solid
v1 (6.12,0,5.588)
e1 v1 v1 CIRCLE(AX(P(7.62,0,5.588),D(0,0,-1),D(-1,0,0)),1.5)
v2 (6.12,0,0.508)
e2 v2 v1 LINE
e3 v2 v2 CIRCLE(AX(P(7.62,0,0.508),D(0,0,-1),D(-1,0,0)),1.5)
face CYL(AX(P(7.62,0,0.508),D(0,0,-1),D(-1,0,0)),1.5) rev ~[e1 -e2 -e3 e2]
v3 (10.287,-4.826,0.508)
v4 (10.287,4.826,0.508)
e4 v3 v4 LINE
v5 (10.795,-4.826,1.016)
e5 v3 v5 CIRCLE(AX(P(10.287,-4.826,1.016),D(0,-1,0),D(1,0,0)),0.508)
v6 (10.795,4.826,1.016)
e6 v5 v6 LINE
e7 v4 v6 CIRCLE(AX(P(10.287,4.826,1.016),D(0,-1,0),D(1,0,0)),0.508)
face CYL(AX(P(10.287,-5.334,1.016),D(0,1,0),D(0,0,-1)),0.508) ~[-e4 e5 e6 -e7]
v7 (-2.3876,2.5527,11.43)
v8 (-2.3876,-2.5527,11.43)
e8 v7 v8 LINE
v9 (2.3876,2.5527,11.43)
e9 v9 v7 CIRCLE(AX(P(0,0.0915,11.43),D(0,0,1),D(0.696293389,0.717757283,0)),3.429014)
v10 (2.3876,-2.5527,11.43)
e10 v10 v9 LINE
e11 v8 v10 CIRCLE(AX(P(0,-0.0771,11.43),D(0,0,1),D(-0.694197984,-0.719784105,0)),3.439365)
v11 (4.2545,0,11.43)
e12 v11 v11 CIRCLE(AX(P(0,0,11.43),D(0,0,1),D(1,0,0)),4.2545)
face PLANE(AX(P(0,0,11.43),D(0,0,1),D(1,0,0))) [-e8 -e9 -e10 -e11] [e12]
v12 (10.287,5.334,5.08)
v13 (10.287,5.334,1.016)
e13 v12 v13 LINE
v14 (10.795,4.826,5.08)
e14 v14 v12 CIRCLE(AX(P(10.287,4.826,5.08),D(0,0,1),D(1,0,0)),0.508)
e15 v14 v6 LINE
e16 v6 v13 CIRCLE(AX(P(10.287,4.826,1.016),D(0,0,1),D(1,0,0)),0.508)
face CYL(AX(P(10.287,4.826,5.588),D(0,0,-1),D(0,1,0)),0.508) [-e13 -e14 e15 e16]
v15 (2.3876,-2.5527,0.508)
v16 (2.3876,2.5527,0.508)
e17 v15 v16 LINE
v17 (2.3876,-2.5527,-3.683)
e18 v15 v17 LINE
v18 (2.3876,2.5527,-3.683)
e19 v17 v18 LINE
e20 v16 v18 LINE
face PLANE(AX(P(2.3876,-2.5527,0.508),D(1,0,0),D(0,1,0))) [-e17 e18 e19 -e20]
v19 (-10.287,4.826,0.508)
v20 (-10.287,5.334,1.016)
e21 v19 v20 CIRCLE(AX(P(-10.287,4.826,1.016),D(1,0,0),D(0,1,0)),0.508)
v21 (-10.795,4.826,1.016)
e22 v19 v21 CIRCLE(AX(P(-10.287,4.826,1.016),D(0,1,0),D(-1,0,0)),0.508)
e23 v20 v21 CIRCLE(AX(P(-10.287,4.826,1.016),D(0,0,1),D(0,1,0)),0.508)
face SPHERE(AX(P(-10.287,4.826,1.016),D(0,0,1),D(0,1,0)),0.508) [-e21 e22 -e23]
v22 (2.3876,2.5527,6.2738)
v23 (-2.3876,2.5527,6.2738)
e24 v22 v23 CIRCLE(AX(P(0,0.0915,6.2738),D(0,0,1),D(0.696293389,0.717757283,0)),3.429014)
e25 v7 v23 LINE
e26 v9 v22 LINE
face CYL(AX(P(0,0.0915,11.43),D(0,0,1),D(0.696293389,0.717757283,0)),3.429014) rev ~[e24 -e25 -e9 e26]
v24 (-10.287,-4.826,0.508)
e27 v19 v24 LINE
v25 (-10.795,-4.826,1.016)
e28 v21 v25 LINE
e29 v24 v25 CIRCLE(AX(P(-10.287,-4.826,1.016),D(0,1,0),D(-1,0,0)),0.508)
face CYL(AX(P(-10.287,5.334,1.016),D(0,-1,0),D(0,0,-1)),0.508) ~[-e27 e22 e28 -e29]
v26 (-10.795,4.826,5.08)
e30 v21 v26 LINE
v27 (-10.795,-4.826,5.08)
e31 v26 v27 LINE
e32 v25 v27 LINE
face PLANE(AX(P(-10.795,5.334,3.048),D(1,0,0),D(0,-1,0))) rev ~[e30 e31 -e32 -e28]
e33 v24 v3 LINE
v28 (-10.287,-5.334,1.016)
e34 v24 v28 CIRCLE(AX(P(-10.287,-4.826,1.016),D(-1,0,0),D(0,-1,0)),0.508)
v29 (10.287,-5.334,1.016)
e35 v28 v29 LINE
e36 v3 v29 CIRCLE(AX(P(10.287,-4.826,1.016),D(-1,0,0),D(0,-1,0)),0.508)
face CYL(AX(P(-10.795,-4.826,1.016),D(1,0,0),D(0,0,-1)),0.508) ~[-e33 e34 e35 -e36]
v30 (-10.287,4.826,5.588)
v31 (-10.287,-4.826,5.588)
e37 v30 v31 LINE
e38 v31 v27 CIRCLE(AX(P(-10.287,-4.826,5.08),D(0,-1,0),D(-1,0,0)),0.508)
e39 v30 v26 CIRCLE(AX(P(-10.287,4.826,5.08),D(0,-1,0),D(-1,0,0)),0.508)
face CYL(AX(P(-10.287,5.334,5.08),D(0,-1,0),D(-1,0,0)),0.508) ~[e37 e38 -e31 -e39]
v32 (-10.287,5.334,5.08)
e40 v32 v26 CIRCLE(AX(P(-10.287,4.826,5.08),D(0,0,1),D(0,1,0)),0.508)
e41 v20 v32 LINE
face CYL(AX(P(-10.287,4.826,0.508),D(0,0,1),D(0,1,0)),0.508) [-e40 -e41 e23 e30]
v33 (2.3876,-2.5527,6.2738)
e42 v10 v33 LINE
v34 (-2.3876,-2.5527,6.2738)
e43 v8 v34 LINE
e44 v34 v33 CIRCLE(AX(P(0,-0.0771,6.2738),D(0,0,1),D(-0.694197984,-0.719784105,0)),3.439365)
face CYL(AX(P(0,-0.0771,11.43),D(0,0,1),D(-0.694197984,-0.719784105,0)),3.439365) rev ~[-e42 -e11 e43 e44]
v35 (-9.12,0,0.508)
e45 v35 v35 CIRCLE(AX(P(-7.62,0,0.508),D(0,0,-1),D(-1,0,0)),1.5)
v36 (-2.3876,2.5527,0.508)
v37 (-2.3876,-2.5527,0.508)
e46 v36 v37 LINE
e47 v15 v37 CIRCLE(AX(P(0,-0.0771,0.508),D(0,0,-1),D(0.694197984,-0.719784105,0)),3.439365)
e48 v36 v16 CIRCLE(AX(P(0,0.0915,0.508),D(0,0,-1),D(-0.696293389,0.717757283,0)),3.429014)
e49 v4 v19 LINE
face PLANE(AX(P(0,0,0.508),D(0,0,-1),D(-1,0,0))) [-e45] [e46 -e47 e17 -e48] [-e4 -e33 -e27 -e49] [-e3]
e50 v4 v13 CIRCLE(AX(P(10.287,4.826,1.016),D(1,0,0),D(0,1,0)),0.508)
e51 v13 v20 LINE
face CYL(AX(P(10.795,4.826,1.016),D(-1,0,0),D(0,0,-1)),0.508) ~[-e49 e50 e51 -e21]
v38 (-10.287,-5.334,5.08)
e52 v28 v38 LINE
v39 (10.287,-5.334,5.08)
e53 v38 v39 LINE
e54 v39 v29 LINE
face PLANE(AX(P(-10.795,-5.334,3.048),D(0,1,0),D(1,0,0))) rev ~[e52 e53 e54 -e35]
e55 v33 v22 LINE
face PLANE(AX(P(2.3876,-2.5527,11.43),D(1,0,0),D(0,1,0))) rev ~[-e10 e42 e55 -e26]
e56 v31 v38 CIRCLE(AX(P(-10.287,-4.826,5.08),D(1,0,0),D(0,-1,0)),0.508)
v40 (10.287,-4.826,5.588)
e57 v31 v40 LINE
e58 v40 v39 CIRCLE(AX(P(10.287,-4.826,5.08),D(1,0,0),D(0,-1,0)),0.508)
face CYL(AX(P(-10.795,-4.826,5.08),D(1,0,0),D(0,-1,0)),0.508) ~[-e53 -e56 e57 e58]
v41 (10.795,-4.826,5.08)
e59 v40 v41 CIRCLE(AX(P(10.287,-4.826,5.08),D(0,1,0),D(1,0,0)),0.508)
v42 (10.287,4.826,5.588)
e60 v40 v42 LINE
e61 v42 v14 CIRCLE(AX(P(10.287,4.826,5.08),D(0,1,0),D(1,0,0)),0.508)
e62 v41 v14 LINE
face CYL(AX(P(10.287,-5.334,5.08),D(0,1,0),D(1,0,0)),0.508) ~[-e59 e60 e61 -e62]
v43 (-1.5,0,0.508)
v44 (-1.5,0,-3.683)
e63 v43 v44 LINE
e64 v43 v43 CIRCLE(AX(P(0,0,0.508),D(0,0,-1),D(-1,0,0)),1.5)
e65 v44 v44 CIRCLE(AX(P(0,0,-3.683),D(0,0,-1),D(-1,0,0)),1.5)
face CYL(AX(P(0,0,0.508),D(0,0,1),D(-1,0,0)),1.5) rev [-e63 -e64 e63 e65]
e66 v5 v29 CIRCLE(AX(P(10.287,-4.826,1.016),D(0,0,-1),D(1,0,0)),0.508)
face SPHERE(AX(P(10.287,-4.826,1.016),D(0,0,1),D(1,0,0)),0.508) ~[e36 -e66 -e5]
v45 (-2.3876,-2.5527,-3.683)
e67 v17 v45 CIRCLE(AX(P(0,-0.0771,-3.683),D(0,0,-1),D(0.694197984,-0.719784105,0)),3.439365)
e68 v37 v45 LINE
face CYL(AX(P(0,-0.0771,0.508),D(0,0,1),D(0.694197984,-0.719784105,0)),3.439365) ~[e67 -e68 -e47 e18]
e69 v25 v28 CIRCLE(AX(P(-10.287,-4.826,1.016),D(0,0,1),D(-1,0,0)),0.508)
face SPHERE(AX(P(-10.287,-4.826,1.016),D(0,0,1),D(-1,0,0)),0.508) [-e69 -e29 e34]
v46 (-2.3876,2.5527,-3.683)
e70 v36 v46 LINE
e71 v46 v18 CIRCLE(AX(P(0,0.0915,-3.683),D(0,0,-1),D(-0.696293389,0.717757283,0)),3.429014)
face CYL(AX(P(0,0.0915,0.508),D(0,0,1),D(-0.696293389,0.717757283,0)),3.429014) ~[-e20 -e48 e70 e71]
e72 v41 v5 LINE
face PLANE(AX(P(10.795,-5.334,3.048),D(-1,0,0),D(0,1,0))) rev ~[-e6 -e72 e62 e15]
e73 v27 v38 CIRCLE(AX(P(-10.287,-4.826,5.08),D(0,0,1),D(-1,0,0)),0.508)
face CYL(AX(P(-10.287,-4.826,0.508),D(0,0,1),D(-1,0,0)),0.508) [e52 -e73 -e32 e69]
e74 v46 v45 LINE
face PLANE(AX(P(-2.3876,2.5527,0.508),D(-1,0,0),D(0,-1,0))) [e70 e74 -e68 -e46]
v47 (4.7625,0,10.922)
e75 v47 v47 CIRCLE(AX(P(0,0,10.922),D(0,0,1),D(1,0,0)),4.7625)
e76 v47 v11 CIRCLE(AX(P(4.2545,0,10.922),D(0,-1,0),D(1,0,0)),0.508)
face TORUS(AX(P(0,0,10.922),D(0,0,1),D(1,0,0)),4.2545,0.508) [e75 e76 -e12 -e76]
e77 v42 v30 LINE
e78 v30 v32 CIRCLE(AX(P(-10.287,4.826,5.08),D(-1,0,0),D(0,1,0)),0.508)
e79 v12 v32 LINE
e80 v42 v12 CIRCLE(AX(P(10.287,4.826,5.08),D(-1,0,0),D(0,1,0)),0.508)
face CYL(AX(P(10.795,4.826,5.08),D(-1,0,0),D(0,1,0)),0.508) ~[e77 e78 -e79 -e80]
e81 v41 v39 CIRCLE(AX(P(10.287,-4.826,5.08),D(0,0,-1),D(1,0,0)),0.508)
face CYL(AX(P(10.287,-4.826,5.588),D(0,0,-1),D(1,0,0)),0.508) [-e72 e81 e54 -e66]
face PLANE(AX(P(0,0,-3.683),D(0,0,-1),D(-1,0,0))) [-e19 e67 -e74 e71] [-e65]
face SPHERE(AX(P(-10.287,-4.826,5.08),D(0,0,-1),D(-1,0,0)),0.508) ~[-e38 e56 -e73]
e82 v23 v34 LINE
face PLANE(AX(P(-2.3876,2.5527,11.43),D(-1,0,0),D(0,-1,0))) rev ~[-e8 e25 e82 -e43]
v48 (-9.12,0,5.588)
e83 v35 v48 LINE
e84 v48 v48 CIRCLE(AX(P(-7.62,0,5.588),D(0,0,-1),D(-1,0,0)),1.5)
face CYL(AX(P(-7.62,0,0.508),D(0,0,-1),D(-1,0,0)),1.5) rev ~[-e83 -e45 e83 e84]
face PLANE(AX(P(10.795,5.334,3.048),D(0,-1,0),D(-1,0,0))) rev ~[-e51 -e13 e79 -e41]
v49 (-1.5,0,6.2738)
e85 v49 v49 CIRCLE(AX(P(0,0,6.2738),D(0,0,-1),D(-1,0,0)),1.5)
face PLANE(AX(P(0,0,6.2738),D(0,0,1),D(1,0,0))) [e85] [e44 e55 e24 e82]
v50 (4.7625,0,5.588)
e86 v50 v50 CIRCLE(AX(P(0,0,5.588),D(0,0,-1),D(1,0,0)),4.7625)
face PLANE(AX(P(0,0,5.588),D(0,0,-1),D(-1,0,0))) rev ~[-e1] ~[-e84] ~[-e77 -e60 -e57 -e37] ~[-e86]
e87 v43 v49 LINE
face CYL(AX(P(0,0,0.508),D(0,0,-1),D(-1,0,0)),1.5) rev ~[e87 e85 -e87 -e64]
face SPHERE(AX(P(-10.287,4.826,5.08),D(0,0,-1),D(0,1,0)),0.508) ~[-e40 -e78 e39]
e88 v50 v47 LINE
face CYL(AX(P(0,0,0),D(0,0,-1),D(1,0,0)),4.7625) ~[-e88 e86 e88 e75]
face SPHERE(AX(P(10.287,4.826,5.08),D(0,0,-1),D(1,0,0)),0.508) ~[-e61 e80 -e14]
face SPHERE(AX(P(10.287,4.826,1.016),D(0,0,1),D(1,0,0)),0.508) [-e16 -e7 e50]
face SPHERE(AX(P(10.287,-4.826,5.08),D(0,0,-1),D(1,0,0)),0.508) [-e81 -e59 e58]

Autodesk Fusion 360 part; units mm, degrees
sketch "Sketch1" plane through (0, 0, 0) normal (0, 0, 1) x (1, 0, 0)
  circle A0 centre (0, 0) radius 4.7625
  dimension "d1" = 9.525
extrude "Extrude1" add sketch "Sketch1" along normal blind 11.43 makes body 1
sketch "Sketch2" plane through (0, 0, 11.43) normal (0, 0, 1) x (1, 0, 0)
  circle A0 centre (0, 0) radius 4.7625
  line L0 (-2.3876, 2.5527) -> (-2.3876, -2.5527)
  line L1 (2.3876, -2.5527) -> (2.3876, 2.5527)
  line L2 (2.3876, 2.5527) -> (-2.3876, -2.5527) construction
  line L3 (-2.3876, 2.5527) -> (2.3876, -2.5527) construction
  arc A1 (2.3876, 2.5527) -> (-2.3876, 2.5527) centre (0, 0.0915) ccw
  arc A2 (-2.3876, -2.5527) -> (2.3876, -2.5527) centre (0, -0.0771) ccw
  dimension "d4" = 5.1054
  dimension "d5" = 4.7752
  dimension "d6" = 3.429
  dimension "d7" = 3.4394
extrude "Extrude2" cut sketch "Sketch2" against normal blind 5.1562 contours L0 L1 A1 A2 bodies 1
extrude "Extrude3" cut 1 faces at (0.58, -0.1002, 0) along direction (0, 0, 1) blind 3.048 on bodies 1 bodies 1
sketch "Sketch3" plane through (0, 0, 3.048) normal (0, 0, -1) x (-1, 0, 0)
  circle A0 centre (0, 0) radius 4.7625
  line L0 (-10.795, 5.334) -> (10.795, 5.334)
  line L1 (10.795, 5.334) -> (10.795, -5.334)
  line L2 (10.795, -5.334) -> (-10.795, -5.334)
  line L3 (-10.795, -5.334) -> (-10.795, 5.334)
  line L4 (-10.795, 5.334) -> (10.795, -5.334) construction
  line L5 (10.795, 5.334) -> (-10.795, -5.334) construction
  dimension "d12" = 21.59
  dimension "d13" = 10.668
extrude "Extrude5" add sketch "Sketch3" against normal blind 2.54 bodies 1
extrude "Extrude4" add sketch "Sketch3" along normal blind 2.54 contours A0 | L0 L1 L2 L3 bodies 1
sketch "Sketch4" plane through (0, 0, 0.508) normal (0, 0, -1) x (-1, 0, 0)
  line L0 (-10.795, -5.334) -> (10.795, -5.334)
  line L1 (10.795, -5.334) -> (10.795, 5.334)
  line L2 (10.795, 5.334) -> (-10.795, 5.334)
  line L3 (-10.795, 5.334) -> (-10.795, -5.334)
  circle A0 centre (0, 0) radius 1.5
  circle A1 centre (-7.62, 0) radius 1.5
  circle A2 centre (7.62, 0) radius 1.5
  dimension "d18" = 3
  dimension "d19" = 3
  dimension "d20" = 3
extrude "Extrude6" cut sketch "Sketch4" against normal blind 13.97 contours A0 | A1 | A2 bodies 1
sketch "Sketch5" plane through (0, 0, 0.508) normal (0, 0, -1) x (-1, 0, 0)
  circle A0 centre (-7.62, 0) radius 1.5
  circle A1 centre (0, 0) radius 1.5
  circle A2 centre (7.62, 0) radius 1.5
  line L0 (-10.795, -5.334) -> (10.795, -5.334)
  line L1 (10.795, -5.334) -> (10.795, 5.334)
  line L2 (10.795, 5.334) -> (-10.795, 5.334)
  line L3 (-10.795, 5.334) -> (-10.795, -5.334)
  line L4 (-2.3876, -2.5527) -> (-2.3876, 2.5527)
  line L5 (-2.3876, 2.5527) -> (-2.3876, -2.5527)
  line L6 (2.3876, 2.5527) -> (2.3876, -2.5527)
  arc A3 (2.3876, 2.5527) -> (-2.3876, 2.5527) centre (0, 0.0915) ccw
  arc A4 (-2.3876, -2.5527) -> (2.3876, -2.5527) centre (0, -0.0771) ccw
extrude "Extrude7" add sketch "Sketch5" along normal blind 4.191 contours L4 L5 L6 A3 A4 bodies 1
fillet "Fillet1" radius 0.508 13 edges at (-10.795, -5.334, 3.048) (-10.795, 5.334, 3.048) (10.795, 5.334, 3.048) (10.795, -5.334, 3.048) (10.795, 0, 5.588) (10.795, 0, 0.508) (0, 5.334, 0.508) (0, 5.334, 5.588) (-10.795, 0, 5.588) (-10.795, 0, 0.508) (0, -5.334, 5.588) (0, -5.334, 0.508) (-4.4402, -1.7222, 11.43) on bodies 1
sketch "Sketch6" plane through (0, 0, 0.508) normal (0, 0, -1) x (-1, 0, 0)
  circle A0 centre (7.62, 0) radius 1.5
  circle A1 centre (-7.62, 0) radius 1.5
  line L0 (2.3876, 2.5527) -> (2.3876, -2.5527)
  arc A2 (-2.3876, -2.5527) -> (2.3876, -2.5527) centre (0, -0.0771) ccw
  line L1 (-2.3876, -2.5527) -> (-2.3876, 2.5527)
  arc A3 (2.3876, 2.5527) -> (-2.3876, 2.5527) centre (0, 0.0915) ccw
  line L2 (10.287, -4.826) -> (10.287, 4.826)
  line L3 (10.287, 4.826) -> (-10.287, 4.826)
  line L4 (-10.287, 4.826) -> (-10.287, -4.826)
  line L5 (-10.287, -4.826) -> (10.287, -4.826)
  circle A4 centre (0, 0.0915) radius 17.2202
  circle A5 centre (-7.62, 0) radius 1.5
  line L6 (-2.3876, 2.5527) -> (-2.3876, -2.5527)
  arc A6 (2.3876, 2.5527) -> (-2.3876, 2.5527) centre (0, 0.0915) ccw
  line L7 (2.3876, -2.5527) -> (2.3876, 2.5527)
  arc A7 (-2.3876, -2.5527) -> (2.3876, -2.5527) centre (0, -0.0771) ccw
  circle A8 centre (7.62, 0) radius 1.5
extrude "Extrude8" add sketch "Sketch6" along normal blind 3.81 separate body contours L2 L3 L4 L5 | A4 makes body 2
hidden bodies 2
